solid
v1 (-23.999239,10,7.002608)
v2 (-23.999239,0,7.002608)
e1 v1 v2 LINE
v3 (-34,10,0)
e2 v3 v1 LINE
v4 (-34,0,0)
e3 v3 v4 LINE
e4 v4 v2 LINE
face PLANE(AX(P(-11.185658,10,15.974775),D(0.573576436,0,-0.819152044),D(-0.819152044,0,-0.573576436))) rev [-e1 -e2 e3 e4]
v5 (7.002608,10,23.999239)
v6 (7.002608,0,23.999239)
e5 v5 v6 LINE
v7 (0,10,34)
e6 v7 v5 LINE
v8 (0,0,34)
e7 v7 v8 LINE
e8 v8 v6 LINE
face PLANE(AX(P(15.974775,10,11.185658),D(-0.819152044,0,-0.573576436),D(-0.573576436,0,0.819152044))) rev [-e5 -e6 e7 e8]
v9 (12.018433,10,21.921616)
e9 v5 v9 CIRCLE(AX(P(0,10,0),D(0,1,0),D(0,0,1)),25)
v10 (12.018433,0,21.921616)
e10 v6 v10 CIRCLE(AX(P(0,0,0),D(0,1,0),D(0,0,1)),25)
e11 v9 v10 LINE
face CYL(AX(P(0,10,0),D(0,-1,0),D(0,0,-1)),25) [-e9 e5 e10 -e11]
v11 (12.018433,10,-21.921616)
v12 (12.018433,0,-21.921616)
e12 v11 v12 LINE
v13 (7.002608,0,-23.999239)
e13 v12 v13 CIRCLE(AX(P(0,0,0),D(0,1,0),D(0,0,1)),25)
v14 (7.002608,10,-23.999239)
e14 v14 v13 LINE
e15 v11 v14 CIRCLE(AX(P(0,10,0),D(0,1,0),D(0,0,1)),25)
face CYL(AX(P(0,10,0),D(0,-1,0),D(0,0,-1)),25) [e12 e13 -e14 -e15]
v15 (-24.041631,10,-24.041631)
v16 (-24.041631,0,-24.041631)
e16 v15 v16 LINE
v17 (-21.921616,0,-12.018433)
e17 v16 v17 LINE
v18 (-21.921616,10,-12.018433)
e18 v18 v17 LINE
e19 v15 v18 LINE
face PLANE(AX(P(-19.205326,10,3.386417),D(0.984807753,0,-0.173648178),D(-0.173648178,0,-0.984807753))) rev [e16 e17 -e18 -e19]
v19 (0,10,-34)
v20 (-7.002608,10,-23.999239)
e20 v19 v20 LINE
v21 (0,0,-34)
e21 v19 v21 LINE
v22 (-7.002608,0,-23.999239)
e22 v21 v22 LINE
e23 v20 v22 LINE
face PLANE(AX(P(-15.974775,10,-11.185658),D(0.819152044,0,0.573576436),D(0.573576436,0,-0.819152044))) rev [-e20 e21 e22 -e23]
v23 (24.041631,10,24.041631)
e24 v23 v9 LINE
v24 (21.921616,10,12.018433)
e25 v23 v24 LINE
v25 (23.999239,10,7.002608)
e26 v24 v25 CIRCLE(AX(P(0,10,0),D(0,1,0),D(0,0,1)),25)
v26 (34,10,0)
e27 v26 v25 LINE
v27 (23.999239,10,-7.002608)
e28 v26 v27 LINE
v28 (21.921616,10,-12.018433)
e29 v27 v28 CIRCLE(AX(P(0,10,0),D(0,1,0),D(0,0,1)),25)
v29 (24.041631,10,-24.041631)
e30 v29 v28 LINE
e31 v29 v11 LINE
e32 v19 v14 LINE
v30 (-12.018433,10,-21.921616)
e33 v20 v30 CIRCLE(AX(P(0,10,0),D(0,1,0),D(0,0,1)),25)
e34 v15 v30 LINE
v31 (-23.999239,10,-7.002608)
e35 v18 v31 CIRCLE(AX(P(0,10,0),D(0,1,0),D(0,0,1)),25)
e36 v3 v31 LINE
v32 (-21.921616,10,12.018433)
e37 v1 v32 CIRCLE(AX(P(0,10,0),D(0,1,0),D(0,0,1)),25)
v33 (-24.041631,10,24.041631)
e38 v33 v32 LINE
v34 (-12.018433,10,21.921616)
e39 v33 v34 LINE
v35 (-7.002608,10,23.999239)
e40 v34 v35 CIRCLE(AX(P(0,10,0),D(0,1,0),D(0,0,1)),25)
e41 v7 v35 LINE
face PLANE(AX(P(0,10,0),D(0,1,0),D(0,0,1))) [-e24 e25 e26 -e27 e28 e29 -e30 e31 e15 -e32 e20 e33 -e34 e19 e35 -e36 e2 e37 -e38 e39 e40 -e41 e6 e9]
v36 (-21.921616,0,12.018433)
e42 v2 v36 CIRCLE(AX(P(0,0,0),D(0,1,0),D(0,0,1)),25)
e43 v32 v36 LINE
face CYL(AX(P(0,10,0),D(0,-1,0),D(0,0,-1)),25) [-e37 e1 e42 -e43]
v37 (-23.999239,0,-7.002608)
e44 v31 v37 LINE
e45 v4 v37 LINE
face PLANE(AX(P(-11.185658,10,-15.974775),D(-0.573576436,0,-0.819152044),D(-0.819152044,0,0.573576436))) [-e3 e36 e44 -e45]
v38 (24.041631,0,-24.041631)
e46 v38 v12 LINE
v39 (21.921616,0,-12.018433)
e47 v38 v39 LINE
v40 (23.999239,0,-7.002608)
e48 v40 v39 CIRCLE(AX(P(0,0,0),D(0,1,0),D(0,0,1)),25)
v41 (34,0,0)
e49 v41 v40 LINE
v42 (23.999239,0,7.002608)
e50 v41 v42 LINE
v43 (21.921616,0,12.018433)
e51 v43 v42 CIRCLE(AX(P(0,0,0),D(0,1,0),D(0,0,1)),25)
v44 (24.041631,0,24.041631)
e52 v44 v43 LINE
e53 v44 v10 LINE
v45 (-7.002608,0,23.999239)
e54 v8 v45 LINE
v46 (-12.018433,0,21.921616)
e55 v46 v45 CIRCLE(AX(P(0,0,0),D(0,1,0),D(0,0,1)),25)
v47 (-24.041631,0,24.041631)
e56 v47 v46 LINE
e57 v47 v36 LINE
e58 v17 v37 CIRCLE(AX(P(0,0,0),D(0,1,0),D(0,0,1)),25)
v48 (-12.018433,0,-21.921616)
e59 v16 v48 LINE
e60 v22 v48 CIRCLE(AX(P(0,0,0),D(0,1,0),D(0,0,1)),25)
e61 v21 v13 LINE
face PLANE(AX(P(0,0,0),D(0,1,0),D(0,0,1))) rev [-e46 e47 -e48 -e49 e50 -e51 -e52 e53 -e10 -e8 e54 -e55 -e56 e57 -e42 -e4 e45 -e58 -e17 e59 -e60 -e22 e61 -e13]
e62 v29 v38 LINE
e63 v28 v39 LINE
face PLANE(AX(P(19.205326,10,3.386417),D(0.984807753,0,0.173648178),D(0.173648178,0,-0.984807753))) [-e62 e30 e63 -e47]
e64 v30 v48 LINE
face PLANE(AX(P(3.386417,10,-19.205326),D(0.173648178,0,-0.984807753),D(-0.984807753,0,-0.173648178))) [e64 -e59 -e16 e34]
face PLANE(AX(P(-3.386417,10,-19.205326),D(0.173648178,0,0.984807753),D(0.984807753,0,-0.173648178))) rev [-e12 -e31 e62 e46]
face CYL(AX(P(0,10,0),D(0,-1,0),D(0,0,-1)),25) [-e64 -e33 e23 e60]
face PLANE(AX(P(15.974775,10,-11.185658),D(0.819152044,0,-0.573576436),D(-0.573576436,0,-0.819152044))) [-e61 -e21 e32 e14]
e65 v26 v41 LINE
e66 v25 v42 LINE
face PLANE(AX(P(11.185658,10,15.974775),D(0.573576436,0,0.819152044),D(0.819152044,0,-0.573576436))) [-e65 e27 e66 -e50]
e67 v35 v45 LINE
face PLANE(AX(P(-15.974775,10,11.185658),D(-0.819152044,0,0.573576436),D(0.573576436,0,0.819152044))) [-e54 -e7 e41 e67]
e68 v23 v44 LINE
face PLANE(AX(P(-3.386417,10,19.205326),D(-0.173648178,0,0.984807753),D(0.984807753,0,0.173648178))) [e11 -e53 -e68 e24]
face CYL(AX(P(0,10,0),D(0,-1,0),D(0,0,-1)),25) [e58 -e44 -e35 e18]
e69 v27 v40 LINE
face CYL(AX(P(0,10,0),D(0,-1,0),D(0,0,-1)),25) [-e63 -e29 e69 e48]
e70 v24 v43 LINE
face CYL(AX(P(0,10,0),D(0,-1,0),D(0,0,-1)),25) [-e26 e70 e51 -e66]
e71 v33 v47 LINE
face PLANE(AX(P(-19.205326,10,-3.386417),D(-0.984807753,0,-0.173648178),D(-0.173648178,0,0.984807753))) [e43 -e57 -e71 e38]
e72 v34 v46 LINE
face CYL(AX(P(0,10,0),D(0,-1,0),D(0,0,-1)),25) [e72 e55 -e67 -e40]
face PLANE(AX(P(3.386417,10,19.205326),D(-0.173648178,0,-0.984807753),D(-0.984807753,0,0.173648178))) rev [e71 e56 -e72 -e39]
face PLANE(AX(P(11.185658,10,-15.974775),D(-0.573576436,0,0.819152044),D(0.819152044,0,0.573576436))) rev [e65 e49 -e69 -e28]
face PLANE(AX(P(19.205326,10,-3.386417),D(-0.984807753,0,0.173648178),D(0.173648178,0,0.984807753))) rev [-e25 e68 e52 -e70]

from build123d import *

# Parameters (mm, degrees)
BOSS_EXTRUDE1_DEPTH = 10


with BuildPart() as part:
    # Sketch1 → Boss-Extrude1 (new body)
    with BuildSketch(Plane(origin=(0, 0, 0), x_dir=(1, 0, 0), z_dir=(0, 1, 0))):
        with BuildLine():
            Line((7.002608144, 23.999239138), (0, 34))
            Line((0, 34), (-7.002608144, 23.999239138))
            ThreePointArc((-7.002608144, 23.999239138), (-9.567085809, 23.096988313), (-12.018433033, 21.921616442))
            Line((-12.018433033, 21.921616442), (-24.04163056, 24.04163056))
            Line((-24.04163056, 24.04163056), (-21.921616442, 12.018433033))
            ThreePointArc((-21.921616442, 12.018433033), (-23.096988313, 9.567085809), (-23.999239138, 7.002608144))
            Line((-23.999239138, 7.002608144), (-34, 0))
            Line((-34, 0), (-23.999239138, -7.002608144))
            ThreePointArc((-23.999239138, -7.002608144), (-23.096988313, -9.567085809), (-21.921616442, -12.018433033))
            Line((-21.921616442, -12.018433033), (-24.04163056, -24.04163056))
            Line((-24.04163056, -24.04163056), (-12.018433033, -21.921616442))
            ThreePointArc((-12.018433033, -21.921616442), (-9.567085809, -23.096988313), (-7.002608144, -23.999239138))
            Line((-7.002608144, -23.999239138), (0, -34))
            Line((0, -34), (7.002608144, -23.999239138))
            ThreePointArc((7.002608144, -23.999239138), (9.567085809, -23.096988313), (12.018433033, -21.921616442))
            Line((12.018433033, -21.921616442), (24.04163056, -24.04163056))
            Line((24.04163056, -24.04163056), (21.921616442, -12.018433033))
            ThreePointArc((21.921616442, -12.018433033), (23.096988313, -9.567085809), (23.999239138, -7.002608144))
            Line((23.999239138, -7.002608144), (34, 0))
            Line((34, 0), (23.999239138, 7.002608144))
            ThreePointArc((23.999239138, 7.002608144), (23.096988313, 9.567085809), (21.921616442, 12.018433033))
            Line((21.921616442, 12.018433033), (24.04163056, 24.04163056))
            Line((24.04163056, 24.04163056), (12.018433033, 21.921616442))
            ThreePointArc((12.018433033, 21.921616442), (9.567085809, 23.096988313), (7.002608144, 23.999239138))
        make_face()
    extrude(amount=BOSS_EXTRUDE1_DEPTH)


solid = part.part
